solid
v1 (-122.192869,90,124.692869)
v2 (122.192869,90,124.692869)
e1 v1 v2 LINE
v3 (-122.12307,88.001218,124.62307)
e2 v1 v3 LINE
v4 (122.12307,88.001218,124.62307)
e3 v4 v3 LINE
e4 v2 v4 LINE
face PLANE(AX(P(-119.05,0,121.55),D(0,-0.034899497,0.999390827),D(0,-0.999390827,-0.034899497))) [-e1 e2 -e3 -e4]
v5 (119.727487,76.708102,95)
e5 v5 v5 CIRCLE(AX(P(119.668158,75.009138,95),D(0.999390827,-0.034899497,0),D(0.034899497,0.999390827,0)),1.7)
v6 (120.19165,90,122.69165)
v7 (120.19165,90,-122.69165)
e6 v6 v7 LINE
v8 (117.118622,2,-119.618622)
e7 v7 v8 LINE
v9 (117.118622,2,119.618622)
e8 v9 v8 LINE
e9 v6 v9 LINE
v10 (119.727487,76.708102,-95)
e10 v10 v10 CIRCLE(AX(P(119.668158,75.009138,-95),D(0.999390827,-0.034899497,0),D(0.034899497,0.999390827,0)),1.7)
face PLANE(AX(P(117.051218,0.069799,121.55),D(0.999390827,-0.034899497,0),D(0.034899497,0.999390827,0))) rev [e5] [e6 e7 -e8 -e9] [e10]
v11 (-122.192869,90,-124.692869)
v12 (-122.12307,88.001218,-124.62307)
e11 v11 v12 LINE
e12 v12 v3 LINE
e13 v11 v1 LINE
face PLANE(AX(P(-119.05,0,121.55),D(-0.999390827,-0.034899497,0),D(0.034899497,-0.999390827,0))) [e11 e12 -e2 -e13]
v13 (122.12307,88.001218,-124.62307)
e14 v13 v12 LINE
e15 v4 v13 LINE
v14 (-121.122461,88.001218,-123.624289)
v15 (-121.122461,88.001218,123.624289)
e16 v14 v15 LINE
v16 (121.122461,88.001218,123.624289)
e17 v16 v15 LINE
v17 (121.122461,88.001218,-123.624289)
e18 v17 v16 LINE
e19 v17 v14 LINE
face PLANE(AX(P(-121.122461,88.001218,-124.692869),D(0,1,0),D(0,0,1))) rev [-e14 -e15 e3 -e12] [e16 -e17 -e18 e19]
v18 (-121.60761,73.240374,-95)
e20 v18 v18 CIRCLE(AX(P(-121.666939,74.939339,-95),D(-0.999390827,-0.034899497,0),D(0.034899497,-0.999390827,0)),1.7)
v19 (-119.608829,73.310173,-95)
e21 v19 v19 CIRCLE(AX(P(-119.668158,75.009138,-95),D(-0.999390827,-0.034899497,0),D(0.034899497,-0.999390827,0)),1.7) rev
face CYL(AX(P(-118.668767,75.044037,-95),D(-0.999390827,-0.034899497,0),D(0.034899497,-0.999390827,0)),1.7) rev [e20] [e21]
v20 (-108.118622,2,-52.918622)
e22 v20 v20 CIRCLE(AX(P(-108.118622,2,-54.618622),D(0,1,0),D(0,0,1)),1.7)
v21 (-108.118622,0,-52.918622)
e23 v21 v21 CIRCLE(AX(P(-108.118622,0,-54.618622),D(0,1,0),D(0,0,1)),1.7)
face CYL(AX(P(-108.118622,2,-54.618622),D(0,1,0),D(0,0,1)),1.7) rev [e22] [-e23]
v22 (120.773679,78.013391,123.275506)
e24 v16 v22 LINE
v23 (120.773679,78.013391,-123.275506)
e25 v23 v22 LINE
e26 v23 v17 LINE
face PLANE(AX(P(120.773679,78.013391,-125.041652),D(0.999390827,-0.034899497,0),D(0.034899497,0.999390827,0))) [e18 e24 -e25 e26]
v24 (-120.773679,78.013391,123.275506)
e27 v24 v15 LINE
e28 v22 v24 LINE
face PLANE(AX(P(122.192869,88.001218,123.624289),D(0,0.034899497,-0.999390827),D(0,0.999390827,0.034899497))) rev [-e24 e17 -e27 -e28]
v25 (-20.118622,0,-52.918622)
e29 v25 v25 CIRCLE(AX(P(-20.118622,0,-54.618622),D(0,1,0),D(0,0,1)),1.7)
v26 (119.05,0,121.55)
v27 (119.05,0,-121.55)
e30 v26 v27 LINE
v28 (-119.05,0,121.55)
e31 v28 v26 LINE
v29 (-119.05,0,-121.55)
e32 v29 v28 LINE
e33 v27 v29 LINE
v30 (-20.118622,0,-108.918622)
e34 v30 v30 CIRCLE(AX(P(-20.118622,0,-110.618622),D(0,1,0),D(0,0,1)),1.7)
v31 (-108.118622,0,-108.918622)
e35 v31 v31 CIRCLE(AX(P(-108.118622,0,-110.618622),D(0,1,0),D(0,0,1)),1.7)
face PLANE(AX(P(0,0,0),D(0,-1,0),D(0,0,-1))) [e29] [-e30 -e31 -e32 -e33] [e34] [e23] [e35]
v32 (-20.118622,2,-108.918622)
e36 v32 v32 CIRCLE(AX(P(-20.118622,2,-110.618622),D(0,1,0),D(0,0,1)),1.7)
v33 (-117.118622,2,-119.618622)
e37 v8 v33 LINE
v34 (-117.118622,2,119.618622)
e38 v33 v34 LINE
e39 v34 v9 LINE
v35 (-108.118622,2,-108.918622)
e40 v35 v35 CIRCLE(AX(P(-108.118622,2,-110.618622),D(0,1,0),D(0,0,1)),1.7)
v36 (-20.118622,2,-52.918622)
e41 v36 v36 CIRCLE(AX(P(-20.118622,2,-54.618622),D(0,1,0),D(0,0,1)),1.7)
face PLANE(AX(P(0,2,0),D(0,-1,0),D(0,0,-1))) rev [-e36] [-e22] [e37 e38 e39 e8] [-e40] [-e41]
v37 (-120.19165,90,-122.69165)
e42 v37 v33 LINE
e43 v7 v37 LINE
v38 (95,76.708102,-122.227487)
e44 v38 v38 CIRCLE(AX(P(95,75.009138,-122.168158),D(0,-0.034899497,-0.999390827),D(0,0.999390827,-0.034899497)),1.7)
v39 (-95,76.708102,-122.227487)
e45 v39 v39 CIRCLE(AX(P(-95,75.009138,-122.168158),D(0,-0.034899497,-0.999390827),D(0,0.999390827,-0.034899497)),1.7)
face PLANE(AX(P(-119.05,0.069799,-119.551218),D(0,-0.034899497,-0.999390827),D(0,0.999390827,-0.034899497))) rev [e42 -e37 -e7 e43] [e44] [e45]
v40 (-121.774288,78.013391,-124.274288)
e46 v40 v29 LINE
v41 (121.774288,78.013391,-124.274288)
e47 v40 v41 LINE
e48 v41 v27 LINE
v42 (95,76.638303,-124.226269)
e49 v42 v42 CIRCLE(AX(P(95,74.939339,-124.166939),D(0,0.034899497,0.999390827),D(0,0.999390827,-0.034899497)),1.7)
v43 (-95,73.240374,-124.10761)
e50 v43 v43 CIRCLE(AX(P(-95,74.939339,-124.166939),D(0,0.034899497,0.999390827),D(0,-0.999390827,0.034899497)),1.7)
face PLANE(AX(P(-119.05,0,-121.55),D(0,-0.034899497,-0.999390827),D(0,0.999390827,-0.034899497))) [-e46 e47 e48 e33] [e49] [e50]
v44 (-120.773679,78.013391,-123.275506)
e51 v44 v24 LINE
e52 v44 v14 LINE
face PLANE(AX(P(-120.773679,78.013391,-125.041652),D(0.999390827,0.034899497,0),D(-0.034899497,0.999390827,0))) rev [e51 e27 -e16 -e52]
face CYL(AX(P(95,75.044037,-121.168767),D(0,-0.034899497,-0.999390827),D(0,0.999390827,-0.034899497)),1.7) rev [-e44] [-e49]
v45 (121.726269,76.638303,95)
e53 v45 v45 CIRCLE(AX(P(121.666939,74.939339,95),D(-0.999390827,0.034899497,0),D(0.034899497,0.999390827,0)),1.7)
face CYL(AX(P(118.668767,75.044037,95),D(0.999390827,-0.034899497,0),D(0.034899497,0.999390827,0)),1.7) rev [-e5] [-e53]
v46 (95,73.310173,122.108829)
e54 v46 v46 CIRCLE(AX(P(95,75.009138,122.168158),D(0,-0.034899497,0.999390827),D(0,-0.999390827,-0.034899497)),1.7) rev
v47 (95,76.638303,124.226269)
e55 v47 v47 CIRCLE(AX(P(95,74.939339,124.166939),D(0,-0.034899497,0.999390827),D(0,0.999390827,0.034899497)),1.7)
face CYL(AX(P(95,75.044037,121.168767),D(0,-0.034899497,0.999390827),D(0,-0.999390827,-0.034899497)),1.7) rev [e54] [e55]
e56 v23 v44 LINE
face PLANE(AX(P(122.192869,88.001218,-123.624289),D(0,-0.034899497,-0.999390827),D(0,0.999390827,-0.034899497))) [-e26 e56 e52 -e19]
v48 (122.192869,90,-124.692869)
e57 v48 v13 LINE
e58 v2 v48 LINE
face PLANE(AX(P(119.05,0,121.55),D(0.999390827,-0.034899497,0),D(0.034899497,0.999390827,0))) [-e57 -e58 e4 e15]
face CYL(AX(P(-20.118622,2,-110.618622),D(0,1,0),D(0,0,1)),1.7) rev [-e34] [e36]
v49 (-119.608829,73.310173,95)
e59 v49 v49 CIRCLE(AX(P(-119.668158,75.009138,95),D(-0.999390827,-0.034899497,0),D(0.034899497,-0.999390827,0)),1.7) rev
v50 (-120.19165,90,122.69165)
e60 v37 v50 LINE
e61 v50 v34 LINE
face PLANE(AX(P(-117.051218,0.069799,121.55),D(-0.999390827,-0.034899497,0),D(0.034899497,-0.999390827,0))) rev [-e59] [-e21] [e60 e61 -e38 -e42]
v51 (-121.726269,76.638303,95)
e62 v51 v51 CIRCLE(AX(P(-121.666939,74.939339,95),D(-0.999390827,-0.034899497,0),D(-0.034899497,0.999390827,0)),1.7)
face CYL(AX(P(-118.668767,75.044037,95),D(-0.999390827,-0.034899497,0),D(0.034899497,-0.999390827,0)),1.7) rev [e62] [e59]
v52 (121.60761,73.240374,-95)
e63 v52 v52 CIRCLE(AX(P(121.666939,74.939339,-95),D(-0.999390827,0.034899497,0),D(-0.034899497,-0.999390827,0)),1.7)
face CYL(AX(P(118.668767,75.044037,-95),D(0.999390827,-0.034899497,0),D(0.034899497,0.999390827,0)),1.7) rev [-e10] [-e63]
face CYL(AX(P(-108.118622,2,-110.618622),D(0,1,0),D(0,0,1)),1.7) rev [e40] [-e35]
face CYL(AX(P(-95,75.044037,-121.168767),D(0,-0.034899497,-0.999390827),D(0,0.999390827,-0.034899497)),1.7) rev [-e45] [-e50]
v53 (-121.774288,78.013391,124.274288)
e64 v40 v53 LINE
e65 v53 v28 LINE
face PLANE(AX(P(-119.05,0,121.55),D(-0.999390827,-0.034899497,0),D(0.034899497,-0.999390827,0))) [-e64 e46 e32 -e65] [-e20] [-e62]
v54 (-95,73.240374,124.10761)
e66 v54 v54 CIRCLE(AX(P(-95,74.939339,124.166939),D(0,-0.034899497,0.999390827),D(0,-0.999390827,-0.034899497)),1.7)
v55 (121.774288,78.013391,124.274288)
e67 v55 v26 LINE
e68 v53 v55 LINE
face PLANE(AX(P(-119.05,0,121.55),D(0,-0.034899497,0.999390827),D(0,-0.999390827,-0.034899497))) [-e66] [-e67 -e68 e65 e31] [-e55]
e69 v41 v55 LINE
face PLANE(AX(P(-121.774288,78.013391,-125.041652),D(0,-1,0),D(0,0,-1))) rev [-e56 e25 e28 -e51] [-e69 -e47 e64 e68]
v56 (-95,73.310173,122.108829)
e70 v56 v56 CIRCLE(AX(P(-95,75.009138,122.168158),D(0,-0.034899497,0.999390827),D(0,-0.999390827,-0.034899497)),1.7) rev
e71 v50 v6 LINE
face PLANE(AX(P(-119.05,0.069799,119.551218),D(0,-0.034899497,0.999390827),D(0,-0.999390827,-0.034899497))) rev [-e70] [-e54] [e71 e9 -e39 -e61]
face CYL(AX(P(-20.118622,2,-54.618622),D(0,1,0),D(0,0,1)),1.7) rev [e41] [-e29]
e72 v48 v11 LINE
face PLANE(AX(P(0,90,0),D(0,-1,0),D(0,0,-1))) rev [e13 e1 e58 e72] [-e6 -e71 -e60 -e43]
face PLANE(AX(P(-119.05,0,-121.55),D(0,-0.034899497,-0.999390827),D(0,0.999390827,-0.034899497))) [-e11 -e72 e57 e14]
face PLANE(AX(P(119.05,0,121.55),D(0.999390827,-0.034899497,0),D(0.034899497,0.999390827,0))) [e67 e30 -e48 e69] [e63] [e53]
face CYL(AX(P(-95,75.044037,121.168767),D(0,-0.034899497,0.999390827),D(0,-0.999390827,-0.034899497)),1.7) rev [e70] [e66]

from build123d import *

# Parameters (mm, degrees)
SKETCH1_W            = 238.1
SKETCH1_H            = 243.1
BOSS_EXTRUDE1_DEPTH  = 90
BOSS_EXTRUDE1_DRAFT  = -2
SHELL1_T             = -2
CUT_EXTRUDE7_DEPTH   = 291.651130828
CUT_EXTRUDE8_DEPTH   = 288.475472497
SKETCH10_R           = 1.7
CUT_EXTRUDE11_DEPTH  = 3
SKETCH11_R           = 1.7
CUT_EXTRUDE12_DEPTH  = 3
M3_CLEARANCE_HOLE2_D = 3.4


with BuildPart() as part:
    # Sketch1 → Boss-Extrude1 (with draft: the straight prism first)
    with BuildSketch(Plane(origin=(0, 0, 0), x_dir=(1, 0, 0), z_dir=(0, 1, 0))):
        Rectangle(SKETCH1_W, SKETCH1_H)
    extrude(amount=BOSS_EXTRUDE1_DEPTH)
    # Boss-Extrude1: the draft: its side faces are tilted about the plane it starts from
    boss_extrude1_sides = [part.faces().sort_by_distance(p)[0] for p in [
        (0, 45, 121.55),
        (119.05, 45, 0),
        (0, 45, -121.55),
        (-119.05, 45, 0),
    ]]
    draft(boss_extrude1_sides, Plane(origin=(0, 0, 0), x_dir=(1, 0, 0), z_dir=(0, 1, 0)), BOSS_EXTRUDE1_DRAFT)

    # Shell1
    shell1_openings = [part.faces().sort_by_distance(p)[0] for p in [
        (0, 90, 0),
    ]]
    offset(amount=SHELL1_T, openings=shell1_openings, kind=Kind.INTERSECTION)

    # Sketch6 → Cut-Extrude7 (cut, through all, along a direction that is not the sketch's normal)
    with BuildSketch(Plane(origin=(0, -4.239449692, 121.401955155), x_dir=(1, 0, 0), z_dir=(0, -0.03489949670250105, 0.9993908270190958))):
        Polygon((-122.123070261, 92.296892811), (-121.774287633, 82.302977128), (-120.773678831, 82.302977128), (-121.122461459, 92.296892811), align=None)
    cut_extrude7 = extrude(amount=-CUT_EXTRUDE7_DEPTH, dir=(0, 0, 1), mode=Mode.SUBTRACT)

    # Sketch7 → Cut-Extrude8 (cut, through all, along a direction that is not the sketch's normal)
    with BuildSketch(Plane(origin=(-118.905000092, -4.1522541, 0), x_dir=(0, 0, 1), z_dir=(-0.9993908270190958, -0.03489949670250105, 0))):
        Polygon((124.624288977, 92.209644069), (123.624288977, 92.209644069), (123.27550635, 82.215728386), (124.27550635, 82.215728386), align=None)
    cut_extrude8 = extrude(amount=-CUT_EXTRUDE8_DEPTH, dir=(-1, 0, 0), mode=Mode.SUBTRACT)

    # Mirror1: Cut-Extrude7 across plane
    add(cut_extrude7.mirror(Plane(origin=(0, 0, 0), x_dir=(0, 0, 1), z_dir=(1, 0, 0))), mode=Mode.SUBTRACT)

    # Mirror2: Cut-Extrude8 across plane
    add(cut_extrude8.mirror(Plane.XY), mode=Mode.SUBTRACT)

    # Sketch10 → Cut-Extrude11 (cut)
    with BuildSketch(Plane(origin=(0, -4.239449692, 121.401955155), x_dir=(1, 0, 0), z_dir=(0, -0.03489949670250105, 0.9993908270190958))):
        with Locations(Location((-95, 79.227051272, 0), (0, 0, 270))):
            Circle(SKETCH10_R)
        with Locations(Location((95, 79.227051272, 0), (0, 0, 270))):
            Circle(SKETCH10_R)
    cut_extrude11 = extrude(amount=-CUT_EXTRUDE11_DEPTH, mode=Mode.SUBTRACT)

    # Mirror3: Cut-Extrude11 across plane
    add(cut_extrude11.mirror(Plane.XY), mode=Mode.SUBTRACT)

    # Sketch11 → Cut-Extrude12 (cut)
    with BuildSketch(Plane(origin=(-118.905000092, -4.1522541, 0), x_dir=(0, 0, 1), z_dir=(-0.9993908270190958, -0.03489949670250105, 0))):
        with Locations(Location((-95, 79.13980253, 0), (0, 0, 270))):
            Circle(SKETCH11_R)
        with Locations(Location((95, 79.13980253, 0), (0, 0, 270))):
            Circle(SKETCH11_R)
    cut_extrude12 = extrude(amount=-CUT_EXTRUDE12_DEPTH, mode=Mode.SUBTRACT)

    # Mirror4: Cut-Extrude12 across plane
    add(cut_extrude12.mirror(Plane(origin=(0, 0, 0), x_dir=(0, 0, 1), z_dir=(1, 0, 0))), mode=Mode.SUBTRACT)

    # M3 Clearance Hole2 (through all)
    with Locations(Plane(origin=(0, 2, 0), x_dir=(1, 0, 0), z_dir=(0, 1, 0))):
        with Locations((-108.11862245, 54.61862245), (-108.11862245, 110.61862245), (-20.11862245, 110.61862245), (-20.11862245, 54.61862245)):
            Hole(M3_CLEARANCE_HOLE2_D / 2)


solid = part.part
